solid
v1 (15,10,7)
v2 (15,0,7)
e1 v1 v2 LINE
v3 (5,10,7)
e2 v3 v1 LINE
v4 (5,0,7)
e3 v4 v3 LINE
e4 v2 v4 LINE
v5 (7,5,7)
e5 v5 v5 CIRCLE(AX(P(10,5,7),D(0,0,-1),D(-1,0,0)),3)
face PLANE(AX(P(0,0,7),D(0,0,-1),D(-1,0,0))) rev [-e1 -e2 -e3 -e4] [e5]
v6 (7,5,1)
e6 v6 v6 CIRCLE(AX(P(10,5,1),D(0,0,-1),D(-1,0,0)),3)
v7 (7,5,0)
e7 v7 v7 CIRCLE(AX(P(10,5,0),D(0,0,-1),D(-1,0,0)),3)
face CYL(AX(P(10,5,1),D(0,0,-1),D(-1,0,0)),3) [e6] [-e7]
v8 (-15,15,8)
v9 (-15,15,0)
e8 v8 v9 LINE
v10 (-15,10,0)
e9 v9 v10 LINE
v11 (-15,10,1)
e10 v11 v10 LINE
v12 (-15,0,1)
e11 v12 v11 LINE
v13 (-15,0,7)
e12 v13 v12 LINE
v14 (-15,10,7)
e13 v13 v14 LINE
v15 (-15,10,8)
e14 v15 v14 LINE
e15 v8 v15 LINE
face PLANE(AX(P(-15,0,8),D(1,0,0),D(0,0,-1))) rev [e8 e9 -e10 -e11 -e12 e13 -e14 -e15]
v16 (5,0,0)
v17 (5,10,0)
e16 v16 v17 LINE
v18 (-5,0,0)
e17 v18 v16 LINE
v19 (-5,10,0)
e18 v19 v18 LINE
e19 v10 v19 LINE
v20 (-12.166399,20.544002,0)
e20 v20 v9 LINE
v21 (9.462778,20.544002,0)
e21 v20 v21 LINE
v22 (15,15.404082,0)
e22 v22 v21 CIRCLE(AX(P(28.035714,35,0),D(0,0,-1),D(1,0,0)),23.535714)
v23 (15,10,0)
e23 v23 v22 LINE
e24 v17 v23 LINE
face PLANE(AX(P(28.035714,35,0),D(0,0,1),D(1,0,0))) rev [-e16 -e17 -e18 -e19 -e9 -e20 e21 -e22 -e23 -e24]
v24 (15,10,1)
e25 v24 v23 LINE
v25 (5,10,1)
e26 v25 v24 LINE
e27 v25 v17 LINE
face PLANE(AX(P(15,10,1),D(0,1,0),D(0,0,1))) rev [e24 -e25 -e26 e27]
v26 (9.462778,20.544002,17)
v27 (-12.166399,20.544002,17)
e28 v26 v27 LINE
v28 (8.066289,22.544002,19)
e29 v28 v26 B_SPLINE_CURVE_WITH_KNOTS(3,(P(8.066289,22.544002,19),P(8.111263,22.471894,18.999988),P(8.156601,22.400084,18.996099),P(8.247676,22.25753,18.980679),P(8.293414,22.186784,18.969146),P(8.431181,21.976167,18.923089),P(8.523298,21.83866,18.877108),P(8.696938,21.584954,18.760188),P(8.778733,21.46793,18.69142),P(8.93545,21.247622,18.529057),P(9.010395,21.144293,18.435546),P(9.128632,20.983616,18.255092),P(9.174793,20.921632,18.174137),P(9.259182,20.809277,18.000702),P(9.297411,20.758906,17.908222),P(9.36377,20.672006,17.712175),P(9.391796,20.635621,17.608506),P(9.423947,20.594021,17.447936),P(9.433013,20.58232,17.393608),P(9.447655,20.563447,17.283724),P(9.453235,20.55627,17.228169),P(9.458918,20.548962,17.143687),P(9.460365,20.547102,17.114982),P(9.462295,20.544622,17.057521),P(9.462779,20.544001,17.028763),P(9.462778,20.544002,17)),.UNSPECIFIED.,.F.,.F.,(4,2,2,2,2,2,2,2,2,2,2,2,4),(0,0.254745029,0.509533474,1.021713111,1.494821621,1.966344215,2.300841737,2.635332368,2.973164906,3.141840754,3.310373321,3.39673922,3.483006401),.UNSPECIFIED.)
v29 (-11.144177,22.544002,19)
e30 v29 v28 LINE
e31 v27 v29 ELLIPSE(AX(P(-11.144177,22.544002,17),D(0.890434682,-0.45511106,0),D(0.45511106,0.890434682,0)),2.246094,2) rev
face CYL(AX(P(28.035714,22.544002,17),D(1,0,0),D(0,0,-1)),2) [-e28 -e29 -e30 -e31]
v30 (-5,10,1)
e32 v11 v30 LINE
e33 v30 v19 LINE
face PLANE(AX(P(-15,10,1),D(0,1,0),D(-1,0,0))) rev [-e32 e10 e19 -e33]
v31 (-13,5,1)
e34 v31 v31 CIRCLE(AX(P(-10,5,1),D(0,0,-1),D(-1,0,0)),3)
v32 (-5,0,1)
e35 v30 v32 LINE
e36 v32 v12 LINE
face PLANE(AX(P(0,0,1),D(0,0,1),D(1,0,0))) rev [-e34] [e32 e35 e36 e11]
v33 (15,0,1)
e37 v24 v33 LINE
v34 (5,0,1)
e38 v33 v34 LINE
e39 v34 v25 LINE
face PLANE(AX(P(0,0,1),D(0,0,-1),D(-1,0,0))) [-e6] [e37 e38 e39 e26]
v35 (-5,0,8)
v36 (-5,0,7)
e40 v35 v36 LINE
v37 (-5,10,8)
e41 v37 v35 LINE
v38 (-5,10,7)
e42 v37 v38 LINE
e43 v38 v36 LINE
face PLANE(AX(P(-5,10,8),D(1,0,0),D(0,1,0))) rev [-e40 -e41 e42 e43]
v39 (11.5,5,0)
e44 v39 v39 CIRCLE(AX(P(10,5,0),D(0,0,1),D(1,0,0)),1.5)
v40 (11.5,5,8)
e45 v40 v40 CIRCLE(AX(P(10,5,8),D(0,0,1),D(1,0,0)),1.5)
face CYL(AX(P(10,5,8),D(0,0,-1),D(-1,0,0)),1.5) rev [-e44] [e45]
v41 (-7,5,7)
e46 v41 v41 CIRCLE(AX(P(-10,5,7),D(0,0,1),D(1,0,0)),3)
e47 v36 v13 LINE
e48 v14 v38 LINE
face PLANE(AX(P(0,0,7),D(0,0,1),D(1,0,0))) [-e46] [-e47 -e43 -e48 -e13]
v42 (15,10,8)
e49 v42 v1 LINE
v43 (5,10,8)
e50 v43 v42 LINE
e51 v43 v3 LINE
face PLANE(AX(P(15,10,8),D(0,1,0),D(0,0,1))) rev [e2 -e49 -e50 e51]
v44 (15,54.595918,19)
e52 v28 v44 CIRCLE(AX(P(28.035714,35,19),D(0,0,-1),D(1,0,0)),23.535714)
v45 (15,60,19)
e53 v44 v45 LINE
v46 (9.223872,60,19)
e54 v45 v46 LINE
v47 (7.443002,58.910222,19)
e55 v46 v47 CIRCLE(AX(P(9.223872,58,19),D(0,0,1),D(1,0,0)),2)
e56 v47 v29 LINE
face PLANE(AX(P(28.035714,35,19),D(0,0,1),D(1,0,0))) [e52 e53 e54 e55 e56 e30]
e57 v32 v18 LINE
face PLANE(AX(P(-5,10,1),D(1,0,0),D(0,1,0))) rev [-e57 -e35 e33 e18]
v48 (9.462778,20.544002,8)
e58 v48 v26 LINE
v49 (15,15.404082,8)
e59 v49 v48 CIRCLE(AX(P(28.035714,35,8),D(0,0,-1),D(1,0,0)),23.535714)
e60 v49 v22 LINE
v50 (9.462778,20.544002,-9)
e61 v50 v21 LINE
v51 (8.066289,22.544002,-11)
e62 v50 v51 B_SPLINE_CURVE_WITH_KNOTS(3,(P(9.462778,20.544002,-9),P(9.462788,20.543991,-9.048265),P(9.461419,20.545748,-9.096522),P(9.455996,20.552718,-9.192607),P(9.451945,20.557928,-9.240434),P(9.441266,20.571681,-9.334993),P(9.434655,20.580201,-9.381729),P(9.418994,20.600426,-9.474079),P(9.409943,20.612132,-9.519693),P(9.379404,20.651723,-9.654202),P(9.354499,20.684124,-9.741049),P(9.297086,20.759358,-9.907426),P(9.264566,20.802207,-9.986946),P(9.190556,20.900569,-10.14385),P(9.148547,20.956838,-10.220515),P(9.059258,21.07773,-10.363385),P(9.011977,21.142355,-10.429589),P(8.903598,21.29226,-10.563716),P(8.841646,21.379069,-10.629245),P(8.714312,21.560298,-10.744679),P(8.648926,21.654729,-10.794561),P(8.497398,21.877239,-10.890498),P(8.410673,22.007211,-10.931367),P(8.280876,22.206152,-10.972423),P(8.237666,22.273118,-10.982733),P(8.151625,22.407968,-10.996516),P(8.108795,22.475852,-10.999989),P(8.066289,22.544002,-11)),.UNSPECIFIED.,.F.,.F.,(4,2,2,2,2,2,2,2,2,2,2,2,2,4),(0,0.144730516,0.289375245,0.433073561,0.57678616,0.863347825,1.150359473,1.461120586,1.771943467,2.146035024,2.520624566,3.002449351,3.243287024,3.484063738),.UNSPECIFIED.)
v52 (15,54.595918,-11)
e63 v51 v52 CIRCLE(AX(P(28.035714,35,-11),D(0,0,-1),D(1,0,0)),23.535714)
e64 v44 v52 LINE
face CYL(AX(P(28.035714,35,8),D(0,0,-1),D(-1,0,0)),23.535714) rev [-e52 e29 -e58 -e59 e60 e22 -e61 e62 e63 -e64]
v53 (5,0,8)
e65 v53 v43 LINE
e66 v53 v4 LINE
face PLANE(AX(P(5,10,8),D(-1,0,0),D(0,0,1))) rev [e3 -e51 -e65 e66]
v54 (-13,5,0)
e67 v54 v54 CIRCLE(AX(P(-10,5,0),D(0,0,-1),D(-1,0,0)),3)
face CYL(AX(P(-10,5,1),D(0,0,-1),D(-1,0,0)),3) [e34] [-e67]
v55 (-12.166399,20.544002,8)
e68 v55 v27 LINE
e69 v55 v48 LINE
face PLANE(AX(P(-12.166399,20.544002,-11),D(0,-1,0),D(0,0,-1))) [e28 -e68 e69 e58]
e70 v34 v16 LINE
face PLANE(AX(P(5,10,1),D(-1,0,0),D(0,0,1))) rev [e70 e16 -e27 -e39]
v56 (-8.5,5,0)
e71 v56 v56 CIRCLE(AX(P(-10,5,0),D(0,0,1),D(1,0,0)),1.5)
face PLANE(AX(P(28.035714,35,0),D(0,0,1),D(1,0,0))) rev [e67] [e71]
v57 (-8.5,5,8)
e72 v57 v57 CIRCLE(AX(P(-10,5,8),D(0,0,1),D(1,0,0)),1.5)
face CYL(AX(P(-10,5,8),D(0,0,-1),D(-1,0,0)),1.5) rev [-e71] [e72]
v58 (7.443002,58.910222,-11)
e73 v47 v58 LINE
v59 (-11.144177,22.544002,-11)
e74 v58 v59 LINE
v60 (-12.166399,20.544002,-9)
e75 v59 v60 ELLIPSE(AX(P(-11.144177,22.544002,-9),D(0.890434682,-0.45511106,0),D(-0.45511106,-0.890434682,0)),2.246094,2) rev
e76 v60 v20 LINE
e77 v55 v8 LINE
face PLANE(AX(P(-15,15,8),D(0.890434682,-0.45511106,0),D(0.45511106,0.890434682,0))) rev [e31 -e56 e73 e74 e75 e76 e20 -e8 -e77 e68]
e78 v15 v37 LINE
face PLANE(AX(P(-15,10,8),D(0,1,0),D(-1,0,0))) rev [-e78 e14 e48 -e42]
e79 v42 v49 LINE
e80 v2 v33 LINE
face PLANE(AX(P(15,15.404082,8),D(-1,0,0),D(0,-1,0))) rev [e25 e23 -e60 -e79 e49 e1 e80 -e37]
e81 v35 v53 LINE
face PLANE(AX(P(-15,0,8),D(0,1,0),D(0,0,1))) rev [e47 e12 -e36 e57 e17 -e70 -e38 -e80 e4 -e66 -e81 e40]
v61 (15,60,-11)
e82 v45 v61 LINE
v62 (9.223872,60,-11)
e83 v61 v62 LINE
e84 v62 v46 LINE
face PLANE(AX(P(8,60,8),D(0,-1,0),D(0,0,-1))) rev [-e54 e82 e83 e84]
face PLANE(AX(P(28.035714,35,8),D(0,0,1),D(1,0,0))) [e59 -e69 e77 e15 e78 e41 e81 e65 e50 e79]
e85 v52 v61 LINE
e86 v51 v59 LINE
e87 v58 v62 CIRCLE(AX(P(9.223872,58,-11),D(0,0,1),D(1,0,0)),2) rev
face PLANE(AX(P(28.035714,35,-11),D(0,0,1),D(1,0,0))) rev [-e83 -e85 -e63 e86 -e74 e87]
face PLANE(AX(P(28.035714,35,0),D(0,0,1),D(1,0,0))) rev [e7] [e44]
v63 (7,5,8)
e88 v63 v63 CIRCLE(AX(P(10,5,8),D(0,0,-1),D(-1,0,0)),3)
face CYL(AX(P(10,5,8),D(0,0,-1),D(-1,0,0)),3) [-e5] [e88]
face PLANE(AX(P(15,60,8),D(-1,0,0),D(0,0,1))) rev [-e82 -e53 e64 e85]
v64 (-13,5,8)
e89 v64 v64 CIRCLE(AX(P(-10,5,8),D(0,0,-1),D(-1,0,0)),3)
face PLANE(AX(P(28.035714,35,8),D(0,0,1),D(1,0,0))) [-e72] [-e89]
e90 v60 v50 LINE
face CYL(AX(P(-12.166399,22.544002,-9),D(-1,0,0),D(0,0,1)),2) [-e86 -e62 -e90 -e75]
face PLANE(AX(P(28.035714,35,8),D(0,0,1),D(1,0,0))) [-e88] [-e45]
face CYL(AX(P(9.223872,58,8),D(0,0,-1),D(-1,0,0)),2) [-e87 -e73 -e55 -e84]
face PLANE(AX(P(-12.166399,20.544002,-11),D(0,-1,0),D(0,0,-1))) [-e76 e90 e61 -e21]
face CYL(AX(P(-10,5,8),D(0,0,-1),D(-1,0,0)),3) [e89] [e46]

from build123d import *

# Parameters (mm, degrees)
SKETCH_1_R           = 1.5
EXTRUDE_1_DEPTH      = 8
EXTRUDE_2_DEPTH      = 19
EXTRUDE_2_DEPTH_BACK = 11
FILLET_1_R           = 2
FILLET_2_R           = 2
FILLET_4_R           = 2
FILLET_5_R           = 2
SKETCH_3_W           = 10
SKETCH_3_H           = 10
SKETCH_3_R           = 3
CUT_EXTRUDE_1_DEPTH  = 8
SKETCH_3_2_W         = 10
SKETCH_3_2_H         = 10
SKETCH_3_2_R         = 3
EXTRUDE_3_DEPTH      = 7
SKETCH_3_3_W         = 10
SKETCH_3_3_H         = 10
SKETCH_3_3_R         = 3
CUT_EXTRUDE_2_DEPTH  = 1


with BuildPart() as part:
    # 草图1 → 凸台-拉伸1 (new body)
    with BuildSketch(Plane.XY):
        with BuildLine():
            Line((-15, 0), (15, 0))
            Line((15, 0), (15, 15.404082058))
            ThreePointArc((15, 15.404082058), (4.5, 35), (15, 54.595917942))
            Line((15, 54.595917942), (15, 60))
            Line((15, 60), (8, 60))
            Line((8, 60), (-15, 15))
            Line((-15, 15), (-15, 0))
        make_face()
        with Locations((-10, 5)):
            Circle(SKETCH_1_R, mode=Mode.SUBTRACT)
        with Locations((10, 5)):
            Circle(SKETCH_1_R, mode=Mode.SUBTRACT)
    extrude(amount=EXTRUDE_1_DEPTH)

    # 草图2 → 凸台-拉伸2 (add, two sides: drawn at the far end of the back side and taken through both)
    with BuildSketch(Plane.XY.offset(-EXTRUDE_2_DEPTH_BACK)):
        with BuildLine():
            Line((-12.166399205, 20.544001556), (8, 60))
            Line((8, 60), (15, 60))
            Line((15, 60), (15, 54.595917942))
            ThreePointArc((15, 54.595917942), (4.805132127, 38.777552052), (9.462778171, 20.544001556))
            Line((9.462778171, 20.544001556), (-12.166399205, 20.544001556))
        make_face()
    extrude(amount=EXTRUDE_2_DEPTH + EXTRUDE_2_DEPTH_BACK)

    # 圆角1
    fillet_1_edges = [part.edges().sort_by_distance(p)[0] for p in [
        (-1.351810517, 20.544001556, 19),
    ]]
    fillet(fillet_1_edges, radius=FILLET_1_R)

    # 圆角2
    fillet_2_edges = [part.edges().sort_by_distance(p)[0] for p in [
        (-1.351810517, 20.544001556, -11),
    ]]
    fillet(fillet_2_edges, radius=FILLET_2_R)

    # 圆角4
    fillet_4_edges = [part.edges().sort_by_distance(p)[0] for p in [
        (8, 60, 4),
    ]]
    fillet(fillet_4_edges, radius=FILLET_4_R)

    # 圆角5
    fillet_5_edges = [part.edges().sort_by_distance(p)[0] for p in [
        (15, 0, 4),
        (-15, 0, 4),
    ]]
    fillet(fillet_5_edges, radius=FILLET_5_R)

    # 草图3 → 切除-拉伸1 (cut)
    # profile 1 of 2: a face of its own
    with BuildSketch(Plane(origin=(0, 0, 0), x_dir=(-1, 0, 0), z_dir=(0, 0, -1))):
        with Locations((-10, 5)):
            Rectangle(SKETCH_3_W, SKETCH_3_H)
        with Locations((-10, 5)):
            Circle(SKETCH_3_R, mode=Mode.SUBTRACT)
    # profile 2 of 2: a face of its own
    with BuildSketch(Plane(origin=(0, 0, 0), x_dir=(-1, 0, 0), z_dir=(0, 0, -1))):
        with Locations((10, 5)):
            Rectangle(SKETCH_3_W, SKETCH_3_H)
        with Locations((10, 5)):
            Circle(SKETCH_3_R, mode=Mode.SUBTRACT)
    extrude(amount=-CUT_EXTRUDE_1_DEPTH, mode=Mode.SUBTRACT)


with BuildPart() as cut_extrude_1_piece_1:
    # of the separate pieces the step leaves, piece 1, a body of its own (cut_extrude_1_pieces)
    add(part.part.solids().sort_by_distance((-12.166399205, 20.544001556, 0))[0])



with BuildPart() as cut_extrude_1_piece_2:
    # of the separate pieces the step leaves, piece 2, a body of its own (cut_extrude_1_pieces)
    add(part.part.solids().sort_by_distance((-13, 5, 0))[0])


with BuildPart() as cut_extrude_1_piece_3:
    # of the separate pieces the step leaves, piece 3, a body of its own (cut_extrude_1_pieces)
    add(part.part.solids().sort_by_distance((7, 5, 0))[0])


with BuildPart() as cut_extrude_1_piece_1_1:
    add(cut_extrude_1_piece_1.part)

    add(cut_extrude_1_piece_2.part)  # 凸台-拉伸3 merges 切除-拉伸1 piece 2

    add(cut_extrude_1_piece_3.part)  # 凸台-拉伸3 merges 切除-拉伸1 piece 3
    # 草图3<2> → 凸台-拉伸3 (add)
    # profile 1 of 2: a face of its own
    with BuildSketch(Plane(origin=(0, 0, 0), x_dir=(-1, 0, 0), z_dir=(0, 0, -1))):
        with Locations((-10, 5)):
            Rectangle(SKETCH_3_2_W, SKETCH_3_2_H)
        with Locations((-10, 5)):
            Circle(SKETCH_3_2_R, mode=Mode.SUBTRACT)
    # profile 2 of 2: a face of its own
    with BuildSketch(Plane(origin=(0, 0, 0), x_dir=(-1, 0, 0), z_dir=(0, 0, -1))):
        with Locations((10, 5)):
            Rectangle(SKETCH_3_2_W, SKETCH_3_2_H)
        with Locations((10, 5)):
            Circle(SKETCH_3_2_R, mode=Mode.SUBTRACT)
    extrude(amount=-EXTRUDE_3_DEPTH)

    # 草图3<3> → 切除-拉伸2 (cut)
    # profile 1 of 2: a face of its own
    with BuildSketch(Plane(origin=(0, 0, 0), x_dir=(-1, 0, 0), z_dir=(0, 0, -1))):
        with Locations((-10, 5)):
            Rectangle(SKETCH_3_3_W, SKETCH_3_3_H)
        with Locations((-10, 5)):
            Circle(SKETCH_3_3_R, mode=Mode.SUBTRACT)
    # profile 2 of 2: a face of its own
    with BuildSketch(Plane(origin=(0, 0, 0), x_dir=(-1, 0, 0), z_dir=(0, 0, -1))):
        with Locations((10, 5)):
            Rectangle(SKETCH_3_3_W, SKETCH_3_3_H)
        with Locations((10, 5)):
            Circle(SKETCH_3_3_R, mode=Mode.SUBTRACT)
    extrude(amount=-CUT_EXTRUDE_2_DEPTH, mode=Mode.SUBTRACT)


solid = cut_extrude_1_piece_1_1.part
